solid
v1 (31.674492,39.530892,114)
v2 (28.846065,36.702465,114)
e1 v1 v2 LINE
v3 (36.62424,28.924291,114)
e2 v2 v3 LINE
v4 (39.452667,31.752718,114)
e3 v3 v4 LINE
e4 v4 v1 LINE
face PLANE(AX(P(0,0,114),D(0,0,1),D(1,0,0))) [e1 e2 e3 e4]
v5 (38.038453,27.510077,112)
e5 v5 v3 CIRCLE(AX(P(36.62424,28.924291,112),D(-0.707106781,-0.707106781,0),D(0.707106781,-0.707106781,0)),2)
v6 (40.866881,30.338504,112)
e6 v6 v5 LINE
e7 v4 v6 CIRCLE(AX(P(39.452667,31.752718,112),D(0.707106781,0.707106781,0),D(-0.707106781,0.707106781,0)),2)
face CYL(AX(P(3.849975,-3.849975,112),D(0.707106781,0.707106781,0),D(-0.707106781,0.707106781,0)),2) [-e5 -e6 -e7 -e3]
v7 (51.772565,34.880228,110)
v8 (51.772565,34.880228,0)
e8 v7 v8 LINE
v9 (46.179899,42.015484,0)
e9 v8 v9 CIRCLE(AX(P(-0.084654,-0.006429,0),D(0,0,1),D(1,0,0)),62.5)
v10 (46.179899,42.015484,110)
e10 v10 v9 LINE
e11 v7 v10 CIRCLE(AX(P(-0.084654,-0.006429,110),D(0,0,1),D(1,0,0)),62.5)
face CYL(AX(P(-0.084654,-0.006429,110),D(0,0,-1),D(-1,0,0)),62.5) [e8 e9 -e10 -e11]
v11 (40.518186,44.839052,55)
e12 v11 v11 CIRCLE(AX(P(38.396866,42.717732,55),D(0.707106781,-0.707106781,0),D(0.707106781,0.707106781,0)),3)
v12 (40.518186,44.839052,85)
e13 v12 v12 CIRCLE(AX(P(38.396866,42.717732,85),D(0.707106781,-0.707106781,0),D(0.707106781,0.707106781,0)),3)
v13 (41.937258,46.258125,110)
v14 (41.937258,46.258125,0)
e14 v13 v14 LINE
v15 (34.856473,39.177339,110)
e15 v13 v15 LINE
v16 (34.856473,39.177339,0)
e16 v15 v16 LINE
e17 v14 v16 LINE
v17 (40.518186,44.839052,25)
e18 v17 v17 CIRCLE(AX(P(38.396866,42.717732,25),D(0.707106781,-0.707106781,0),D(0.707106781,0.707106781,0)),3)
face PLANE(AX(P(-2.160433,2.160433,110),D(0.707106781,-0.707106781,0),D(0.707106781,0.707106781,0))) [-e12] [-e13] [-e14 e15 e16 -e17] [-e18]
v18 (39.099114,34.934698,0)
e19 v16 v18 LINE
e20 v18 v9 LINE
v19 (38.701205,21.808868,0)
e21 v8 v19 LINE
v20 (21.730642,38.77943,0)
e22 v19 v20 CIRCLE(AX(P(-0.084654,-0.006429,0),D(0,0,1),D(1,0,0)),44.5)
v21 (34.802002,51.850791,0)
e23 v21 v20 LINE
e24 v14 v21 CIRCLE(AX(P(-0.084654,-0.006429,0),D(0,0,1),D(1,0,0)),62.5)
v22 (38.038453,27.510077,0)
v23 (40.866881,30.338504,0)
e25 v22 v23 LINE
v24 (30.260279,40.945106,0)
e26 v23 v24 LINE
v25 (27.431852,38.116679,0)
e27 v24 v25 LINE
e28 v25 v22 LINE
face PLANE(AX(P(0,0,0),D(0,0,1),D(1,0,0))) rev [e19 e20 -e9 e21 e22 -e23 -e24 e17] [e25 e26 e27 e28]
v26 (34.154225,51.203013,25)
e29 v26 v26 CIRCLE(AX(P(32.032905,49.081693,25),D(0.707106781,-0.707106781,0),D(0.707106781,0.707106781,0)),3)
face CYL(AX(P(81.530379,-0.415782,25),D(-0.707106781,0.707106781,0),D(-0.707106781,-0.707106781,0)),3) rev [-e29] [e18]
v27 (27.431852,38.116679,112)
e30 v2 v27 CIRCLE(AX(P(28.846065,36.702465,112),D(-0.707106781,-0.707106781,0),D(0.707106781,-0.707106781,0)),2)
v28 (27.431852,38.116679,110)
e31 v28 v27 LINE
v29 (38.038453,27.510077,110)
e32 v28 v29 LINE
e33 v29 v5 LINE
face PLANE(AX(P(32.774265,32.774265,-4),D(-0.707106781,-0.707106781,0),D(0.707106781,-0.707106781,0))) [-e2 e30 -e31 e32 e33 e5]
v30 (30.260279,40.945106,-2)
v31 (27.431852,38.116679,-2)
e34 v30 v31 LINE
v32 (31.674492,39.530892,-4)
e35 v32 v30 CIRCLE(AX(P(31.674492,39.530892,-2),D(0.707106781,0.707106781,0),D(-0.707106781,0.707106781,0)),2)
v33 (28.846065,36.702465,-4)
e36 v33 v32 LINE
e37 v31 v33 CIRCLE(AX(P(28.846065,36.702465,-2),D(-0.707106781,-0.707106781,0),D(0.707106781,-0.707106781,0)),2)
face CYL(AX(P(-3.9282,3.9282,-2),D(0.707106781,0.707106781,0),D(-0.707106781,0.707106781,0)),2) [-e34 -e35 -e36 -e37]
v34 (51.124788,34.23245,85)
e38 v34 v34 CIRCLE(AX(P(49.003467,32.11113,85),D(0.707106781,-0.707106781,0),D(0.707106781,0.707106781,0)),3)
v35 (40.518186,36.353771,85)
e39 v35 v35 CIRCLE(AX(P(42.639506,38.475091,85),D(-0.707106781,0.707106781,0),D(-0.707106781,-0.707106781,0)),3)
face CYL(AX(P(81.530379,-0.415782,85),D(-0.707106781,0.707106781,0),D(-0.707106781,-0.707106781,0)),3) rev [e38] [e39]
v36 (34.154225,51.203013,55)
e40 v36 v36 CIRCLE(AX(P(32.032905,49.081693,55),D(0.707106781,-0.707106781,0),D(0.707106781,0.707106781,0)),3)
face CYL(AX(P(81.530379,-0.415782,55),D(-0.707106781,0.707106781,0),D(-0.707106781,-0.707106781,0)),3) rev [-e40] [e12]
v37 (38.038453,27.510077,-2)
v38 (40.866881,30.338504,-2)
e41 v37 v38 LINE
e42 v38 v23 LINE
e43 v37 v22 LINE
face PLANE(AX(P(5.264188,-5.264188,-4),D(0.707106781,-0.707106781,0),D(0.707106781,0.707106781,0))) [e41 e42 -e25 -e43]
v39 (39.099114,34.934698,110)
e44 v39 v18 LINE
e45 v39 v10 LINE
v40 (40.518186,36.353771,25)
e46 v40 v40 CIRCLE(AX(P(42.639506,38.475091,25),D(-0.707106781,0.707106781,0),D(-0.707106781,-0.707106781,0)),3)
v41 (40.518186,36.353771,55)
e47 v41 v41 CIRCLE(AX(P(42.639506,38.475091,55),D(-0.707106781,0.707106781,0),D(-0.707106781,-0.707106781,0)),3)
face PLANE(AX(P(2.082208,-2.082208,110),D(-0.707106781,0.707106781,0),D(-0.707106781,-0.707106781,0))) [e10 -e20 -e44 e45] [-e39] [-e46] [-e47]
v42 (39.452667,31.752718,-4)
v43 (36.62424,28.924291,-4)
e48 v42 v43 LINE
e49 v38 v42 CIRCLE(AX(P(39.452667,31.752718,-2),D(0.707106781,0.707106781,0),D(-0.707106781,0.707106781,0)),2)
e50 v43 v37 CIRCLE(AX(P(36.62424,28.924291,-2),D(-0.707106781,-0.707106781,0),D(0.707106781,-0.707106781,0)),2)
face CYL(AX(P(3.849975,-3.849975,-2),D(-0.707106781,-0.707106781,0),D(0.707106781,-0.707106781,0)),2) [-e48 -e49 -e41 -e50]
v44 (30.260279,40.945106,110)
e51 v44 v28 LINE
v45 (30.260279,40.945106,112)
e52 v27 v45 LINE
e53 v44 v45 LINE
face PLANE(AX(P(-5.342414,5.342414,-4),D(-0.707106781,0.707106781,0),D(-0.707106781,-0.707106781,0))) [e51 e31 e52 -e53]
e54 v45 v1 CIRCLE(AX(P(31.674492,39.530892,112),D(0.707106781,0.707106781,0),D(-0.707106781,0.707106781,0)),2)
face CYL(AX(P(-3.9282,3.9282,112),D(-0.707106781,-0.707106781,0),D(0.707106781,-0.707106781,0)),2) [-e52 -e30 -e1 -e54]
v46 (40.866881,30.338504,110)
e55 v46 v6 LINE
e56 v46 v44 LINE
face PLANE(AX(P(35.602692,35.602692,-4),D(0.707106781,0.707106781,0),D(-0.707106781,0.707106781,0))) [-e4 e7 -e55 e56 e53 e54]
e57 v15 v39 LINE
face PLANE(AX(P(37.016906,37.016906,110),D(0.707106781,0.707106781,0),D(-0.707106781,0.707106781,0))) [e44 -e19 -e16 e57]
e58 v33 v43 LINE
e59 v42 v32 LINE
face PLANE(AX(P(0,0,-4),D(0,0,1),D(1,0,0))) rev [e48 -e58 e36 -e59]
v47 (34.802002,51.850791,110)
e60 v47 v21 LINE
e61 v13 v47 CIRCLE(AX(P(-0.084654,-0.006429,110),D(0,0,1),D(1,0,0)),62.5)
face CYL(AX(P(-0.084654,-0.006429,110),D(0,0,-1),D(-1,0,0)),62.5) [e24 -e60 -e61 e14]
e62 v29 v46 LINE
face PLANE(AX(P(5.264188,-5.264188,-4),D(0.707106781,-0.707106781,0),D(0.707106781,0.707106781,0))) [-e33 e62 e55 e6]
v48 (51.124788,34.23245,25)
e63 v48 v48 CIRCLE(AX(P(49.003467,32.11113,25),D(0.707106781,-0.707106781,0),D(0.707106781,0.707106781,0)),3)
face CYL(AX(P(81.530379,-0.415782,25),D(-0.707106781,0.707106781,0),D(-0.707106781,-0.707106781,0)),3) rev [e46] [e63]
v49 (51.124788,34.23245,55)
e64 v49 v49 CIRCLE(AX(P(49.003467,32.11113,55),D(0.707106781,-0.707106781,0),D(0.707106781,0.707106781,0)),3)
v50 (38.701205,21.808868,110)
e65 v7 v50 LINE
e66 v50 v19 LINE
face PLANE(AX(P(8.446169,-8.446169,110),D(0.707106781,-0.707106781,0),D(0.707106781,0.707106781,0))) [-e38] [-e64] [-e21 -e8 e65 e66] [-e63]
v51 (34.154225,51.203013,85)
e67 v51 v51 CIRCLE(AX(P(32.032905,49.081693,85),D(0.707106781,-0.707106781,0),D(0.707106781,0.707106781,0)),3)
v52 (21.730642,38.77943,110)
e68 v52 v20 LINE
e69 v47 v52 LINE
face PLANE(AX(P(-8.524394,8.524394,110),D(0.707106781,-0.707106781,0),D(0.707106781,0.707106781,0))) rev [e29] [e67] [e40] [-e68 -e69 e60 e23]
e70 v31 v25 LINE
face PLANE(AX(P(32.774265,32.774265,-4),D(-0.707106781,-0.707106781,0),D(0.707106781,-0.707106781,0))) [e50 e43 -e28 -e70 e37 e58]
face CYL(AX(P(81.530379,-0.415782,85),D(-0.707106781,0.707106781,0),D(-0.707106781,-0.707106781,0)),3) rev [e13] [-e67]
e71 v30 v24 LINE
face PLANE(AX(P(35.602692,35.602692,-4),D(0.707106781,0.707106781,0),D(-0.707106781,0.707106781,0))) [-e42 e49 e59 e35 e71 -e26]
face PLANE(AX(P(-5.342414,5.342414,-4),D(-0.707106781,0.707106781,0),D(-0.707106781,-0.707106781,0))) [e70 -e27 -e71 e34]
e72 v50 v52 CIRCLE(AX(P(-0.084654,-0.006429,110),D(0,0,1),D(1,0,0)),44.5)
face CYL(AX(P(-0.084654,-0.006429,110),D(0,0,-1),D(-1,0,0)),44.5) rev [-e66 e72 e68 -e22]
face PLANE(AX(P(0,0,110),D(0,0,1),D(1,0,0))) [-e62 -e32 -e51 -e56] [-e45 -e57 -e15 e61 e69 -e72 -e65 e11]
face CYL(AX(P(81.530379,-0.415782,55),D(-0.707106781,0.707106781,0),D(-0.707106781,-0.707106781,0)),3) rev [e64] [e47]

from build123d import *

# Parameters (mm, degrees)
BOSS_EXTRUDE1_DEPTH      = 110
SKETCH2_R                = 3
CUT_EXTRUDE1_DEPTH       = 55
BOSS_EXTRUDE2_DEPTH      = 114
BOSS_EXTRUDE2_DEPTH_BACK = 4
FILLET1_R                = 2


with BuildPart() as part:
    # Sketch1 → Boss-Extrude1 (new body)
    with BuildSketch(Plane.XY):
        with BuildLine():
            ThreePointArc((41.937258351, 46.258124568), (38.471168757, 49.184002684), (34.802002476, 51.850790754))
            Line((34.802002476, 51.850790754), (21.730642096, 38.779430374))
            ThreePointArc((21.730642096, 38.779430374), (31.38159768, 31.459823211), (38.701204844, 21.808867626))
            Line((38.701204844, 21.808867626), (51.772565224, 34.880228006))
            ThreePointArc((51.772565224, 34.880228006), (49.105777153, 38.549394287), (46.179899038, 42.015483881))
            Line((46.179899038, 42.015483881), (39.099113563, 34.934698406))
            Line((39.099113563, 34.934698406), (34.856472876, 39.177339093))
            Line((34.856472876, 39.177339093), (41.937258351, 46.258124568))
        make_face()
    extrude(amount=BOSS_EXTRUDE1_DEPTH)

    # Sketch2 → Cut-Extrude1 (cut, symmetric)
    with BuildSketch(Plane(origin=(2.082207578, -2.082207578, 0), x_dir=(0, 0, 1), z_dir=(-0.7071067811865467, 0.7071067811865485, 0))):
        with Locations((85, 57.356681906)):
            Circle(SKETCH2_R)
        with Locations((55, 57.356681906)):
            Circle(SKETCH2_R)
        with Locations((25, 57.356681906)):
            Circle(SKETCH2_R)
    extrude(amount=CUT_EXTRUDE1_DEPTH, both=True, mode=Mode.SUBTRACT)

    # Sketch1<5> → Boss-Extrude2 (add, two sides: drawn at the far end of the back side and taken through both)
    with BuildSketch(Plane.XY.offset(-BOSS_EXTRUDE2_DEPTH_BACK)):
        Polygon((40.866880516, 30.338504328), (30.260278798, 40.945106046), (27.431851673, 38.116678921), (38.038453391, 27.510077204), align=None)
    extrude(amount=BOSS_EXTRUDE2_DEPTH + BOSS_EXTRUDE2_DEPTH_BACK)

    # Fillet1
    fillet1_edges = [part.edges().sort_by_distance(p)[0] for p in [
        (28.846065236, 39.530892484, 114),
        (39.452666954, 28.924290766, 114),
        (28.846065236, 39.530892484, -4),
        (39.452666954, 28.924290766, -4),
    ]]
    fillet(fillet1_edges, radius=FILLET1_R)


solid = part.part
